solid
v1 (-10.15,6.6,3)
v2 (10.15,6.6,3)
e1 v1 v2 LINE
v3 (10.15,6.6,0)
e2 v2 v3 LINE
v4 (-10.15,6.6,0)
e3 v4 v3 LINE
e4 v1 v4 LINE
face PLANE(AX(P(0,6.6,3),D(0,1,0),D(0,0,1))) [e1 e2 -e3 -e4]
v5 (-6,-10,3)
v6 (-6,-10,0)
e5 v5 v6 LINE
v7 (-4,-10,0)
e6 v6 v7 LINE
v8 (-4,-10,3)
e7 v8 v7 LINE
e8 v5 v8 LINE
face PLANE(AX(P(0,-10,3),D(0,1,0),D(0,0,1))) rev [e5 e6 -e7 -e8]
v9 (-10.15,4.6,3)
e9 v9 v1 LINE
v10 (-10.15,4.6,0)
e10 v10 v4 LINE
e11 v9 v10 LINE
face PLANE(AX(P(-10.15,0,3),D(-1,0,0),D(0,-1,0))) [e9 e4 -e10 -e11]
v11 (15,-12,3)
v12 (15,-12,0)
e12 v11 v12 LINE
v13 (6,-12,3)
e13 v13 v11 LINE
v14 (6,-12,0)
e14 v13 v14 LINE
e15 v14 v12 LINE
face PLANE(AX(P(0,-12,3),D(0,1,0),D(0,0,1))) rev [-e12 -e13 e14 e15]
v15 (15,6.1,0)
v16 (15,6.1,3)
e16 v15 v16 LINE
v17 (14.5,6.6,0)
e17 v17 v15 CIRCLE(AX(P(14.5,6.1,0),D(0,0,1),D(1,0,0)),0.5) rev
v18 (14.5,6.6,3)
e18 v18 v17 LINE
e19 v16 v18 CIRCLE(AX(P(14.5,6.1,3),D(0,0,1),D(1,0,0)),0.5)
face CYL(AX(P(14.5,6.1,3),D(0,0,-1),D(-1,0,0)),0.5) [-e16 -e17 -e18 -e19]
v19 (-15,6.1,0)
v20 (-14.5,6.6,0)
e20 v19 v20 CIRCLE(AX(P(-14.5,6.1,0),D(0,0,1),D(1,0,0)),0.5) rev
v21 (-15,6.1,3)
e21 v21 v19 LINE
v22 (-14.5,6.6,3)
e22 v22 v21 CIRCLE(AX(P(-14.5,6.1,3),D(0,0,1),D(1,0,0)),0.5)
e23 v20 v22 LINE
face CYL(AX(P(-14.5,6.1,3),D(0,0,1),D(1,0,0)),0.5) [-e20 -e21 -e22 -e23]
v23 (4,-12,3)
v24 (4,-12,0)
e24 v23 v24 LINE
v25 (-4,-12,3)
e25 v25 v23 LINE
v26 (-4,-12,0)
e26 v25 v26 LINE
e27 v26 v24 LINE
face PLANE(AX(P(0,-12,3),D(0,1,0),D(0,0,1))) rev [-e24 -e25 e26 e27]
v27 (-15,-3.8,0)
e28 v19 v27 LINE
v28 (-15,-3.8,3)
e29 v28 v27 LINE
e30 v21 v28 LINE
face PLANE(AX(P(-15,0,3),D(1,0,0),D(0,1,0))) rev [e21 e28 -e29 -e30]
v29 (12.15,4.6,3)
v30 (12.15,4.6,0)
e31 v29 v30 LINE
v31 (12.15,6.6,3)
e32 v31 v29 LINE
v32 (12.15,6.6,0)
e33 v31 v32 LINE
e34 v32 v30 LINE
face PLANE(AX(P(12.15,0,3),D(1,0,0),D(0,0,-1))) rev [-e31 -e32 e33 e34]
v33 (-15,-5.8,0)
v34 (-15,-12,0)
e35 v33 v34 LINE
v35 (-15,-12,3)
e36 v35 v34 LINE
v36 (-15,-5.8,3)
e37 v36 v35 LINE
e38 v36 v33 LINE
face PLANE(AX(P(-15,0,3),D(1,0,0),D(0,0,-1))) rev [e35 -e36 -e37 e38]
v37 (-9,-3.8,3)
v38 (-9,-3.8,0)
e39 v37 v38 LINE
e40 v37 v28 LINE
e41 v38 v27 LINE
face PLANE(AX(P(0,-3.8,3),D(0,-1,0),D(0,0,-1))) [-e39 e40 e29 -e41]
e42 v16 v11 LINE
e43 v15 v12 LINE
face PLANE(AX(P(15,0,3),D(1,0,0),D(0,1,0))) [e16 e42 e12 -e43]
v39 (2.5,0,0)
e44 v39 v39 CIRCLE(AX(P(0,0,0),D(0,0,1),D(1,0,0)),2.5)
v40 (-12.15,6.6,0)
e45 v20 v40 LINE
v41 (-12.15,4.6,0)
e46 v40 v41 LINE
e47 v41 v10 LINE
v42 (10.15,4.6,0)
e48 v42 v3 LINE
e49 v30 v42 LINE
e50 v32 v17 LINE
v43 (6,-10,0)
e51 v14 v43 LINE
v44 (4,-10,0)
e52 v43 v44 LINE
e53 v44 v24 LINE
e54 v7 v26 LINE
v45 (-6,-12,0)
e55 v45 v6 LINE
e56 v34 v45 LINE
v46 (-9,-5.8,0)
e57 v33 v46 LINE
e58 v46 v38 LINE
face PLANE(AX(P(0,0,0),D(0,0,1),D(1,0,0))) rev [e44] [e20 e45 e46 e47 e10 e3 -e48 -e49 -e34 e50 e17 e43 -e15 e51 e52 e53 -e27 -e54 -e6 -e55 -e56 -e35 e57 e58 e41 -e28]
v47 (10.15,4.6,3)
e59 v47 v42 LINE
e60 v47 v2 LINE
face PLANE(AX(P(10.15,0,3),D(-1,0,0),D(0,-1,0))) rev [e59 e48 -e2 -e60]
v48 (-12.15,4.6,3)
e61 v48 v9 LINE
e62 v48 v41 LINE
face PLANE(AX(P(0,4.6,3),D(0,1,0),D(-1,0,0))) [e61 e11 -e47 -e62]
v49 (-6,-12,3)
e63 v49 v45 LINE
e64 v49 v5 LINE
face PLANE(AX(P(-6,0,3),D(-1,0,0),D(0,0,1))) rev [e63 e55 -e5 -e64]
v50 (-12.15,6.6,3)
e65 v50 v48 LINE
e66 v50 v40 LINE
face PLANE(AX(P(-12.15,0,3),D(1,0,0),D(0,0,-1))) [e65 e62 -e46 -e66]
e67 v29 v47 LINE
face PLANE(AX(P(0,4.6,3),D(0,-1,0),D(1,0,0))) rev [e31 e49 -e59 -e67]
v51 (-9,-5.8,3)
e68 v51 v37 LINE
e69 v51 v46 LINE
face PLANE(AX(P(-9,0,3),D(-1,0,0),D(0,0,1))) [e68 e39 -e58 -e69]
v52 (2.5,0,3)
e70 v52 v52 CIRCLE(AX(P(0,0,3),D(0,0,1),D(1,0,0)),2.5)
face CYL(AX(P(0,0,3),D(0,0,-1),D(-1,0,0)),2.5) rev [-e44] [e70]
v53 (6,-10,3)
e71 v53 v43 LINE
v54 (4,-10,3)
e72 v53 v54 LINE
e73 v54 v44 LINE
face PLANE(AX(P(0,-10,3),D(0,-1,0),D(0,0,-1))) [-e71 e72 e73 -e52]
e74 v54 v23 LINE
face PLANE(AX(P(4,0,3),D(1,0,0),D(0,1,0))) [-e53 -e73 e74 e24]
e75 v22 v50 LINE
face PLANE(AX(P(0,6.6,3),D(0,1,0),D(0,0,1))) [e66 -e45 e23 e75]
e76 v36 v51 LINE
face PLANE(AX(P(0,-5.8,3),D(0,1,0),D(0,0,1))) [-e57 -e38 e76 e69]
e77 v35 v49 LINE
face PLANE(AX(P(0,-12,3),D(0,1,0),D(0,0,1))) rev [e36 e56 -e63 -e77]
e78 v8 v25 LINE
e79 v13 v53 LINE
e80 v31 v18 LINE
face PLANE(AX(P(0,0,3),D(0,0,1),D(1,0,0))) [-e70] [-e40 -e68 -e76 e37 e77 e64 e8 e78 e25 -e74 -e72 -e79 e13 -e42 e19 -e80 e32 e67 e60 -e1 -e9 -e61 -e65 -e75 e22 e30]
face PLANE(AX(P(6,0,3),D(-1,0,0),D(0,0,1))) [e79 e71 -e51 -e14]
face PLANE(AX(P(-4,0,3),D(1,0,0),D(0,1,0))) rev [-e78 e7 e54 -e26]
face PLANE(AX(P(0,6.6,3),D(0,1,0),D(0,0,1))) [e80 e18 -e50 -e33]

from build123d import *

# Parameters (mm, degrees)
SKETCH_1_R      = 2.5
EXTRUDE_1_DEPTH = 3
FILLET_1_R      = 0.5


with BuildPart() as part:
    # ｽｹｯﾁ1 → ﾎﾞｽ - 押し出し1 (new body)
    with BuildSketch(Plane.XY):
        Polygon((-12.15, 6.6), (-15, 6.6), (-15, -3.8), (-9, -3.8), (-9, -5.8), (-15, -5.8), (-15, -12), (-6, -12), (-6, -10), (-4, -10), (-4, -12), (4, -12), (4, -10), (6, -10), (6, -12), (15, -12), (15, 6.6), (12.15, 6.6), (12.15, 4.6), (10.15, 4.6), (10.15, 6.6), (-10.15, 6.6), (-10.15, 4.6), (-12.15, 4.6), align=None)
        Circle(SKETCH_1_R, mode=Mode.SUBTRACT)
    extrude(amount=EXTRUDE_1_DEPTH)

    # ﾌｨﾚｯﾄ1
    fillet_1_edges = [part.edges().sort_by_distance(p)[0] for p in [
        (-15, 6.6, 1.5),
        (15, 6.6, 1.5),
    ]]
    fillet(fillet_1_edges, radius=FILLET_1_R)


solid = part.part
